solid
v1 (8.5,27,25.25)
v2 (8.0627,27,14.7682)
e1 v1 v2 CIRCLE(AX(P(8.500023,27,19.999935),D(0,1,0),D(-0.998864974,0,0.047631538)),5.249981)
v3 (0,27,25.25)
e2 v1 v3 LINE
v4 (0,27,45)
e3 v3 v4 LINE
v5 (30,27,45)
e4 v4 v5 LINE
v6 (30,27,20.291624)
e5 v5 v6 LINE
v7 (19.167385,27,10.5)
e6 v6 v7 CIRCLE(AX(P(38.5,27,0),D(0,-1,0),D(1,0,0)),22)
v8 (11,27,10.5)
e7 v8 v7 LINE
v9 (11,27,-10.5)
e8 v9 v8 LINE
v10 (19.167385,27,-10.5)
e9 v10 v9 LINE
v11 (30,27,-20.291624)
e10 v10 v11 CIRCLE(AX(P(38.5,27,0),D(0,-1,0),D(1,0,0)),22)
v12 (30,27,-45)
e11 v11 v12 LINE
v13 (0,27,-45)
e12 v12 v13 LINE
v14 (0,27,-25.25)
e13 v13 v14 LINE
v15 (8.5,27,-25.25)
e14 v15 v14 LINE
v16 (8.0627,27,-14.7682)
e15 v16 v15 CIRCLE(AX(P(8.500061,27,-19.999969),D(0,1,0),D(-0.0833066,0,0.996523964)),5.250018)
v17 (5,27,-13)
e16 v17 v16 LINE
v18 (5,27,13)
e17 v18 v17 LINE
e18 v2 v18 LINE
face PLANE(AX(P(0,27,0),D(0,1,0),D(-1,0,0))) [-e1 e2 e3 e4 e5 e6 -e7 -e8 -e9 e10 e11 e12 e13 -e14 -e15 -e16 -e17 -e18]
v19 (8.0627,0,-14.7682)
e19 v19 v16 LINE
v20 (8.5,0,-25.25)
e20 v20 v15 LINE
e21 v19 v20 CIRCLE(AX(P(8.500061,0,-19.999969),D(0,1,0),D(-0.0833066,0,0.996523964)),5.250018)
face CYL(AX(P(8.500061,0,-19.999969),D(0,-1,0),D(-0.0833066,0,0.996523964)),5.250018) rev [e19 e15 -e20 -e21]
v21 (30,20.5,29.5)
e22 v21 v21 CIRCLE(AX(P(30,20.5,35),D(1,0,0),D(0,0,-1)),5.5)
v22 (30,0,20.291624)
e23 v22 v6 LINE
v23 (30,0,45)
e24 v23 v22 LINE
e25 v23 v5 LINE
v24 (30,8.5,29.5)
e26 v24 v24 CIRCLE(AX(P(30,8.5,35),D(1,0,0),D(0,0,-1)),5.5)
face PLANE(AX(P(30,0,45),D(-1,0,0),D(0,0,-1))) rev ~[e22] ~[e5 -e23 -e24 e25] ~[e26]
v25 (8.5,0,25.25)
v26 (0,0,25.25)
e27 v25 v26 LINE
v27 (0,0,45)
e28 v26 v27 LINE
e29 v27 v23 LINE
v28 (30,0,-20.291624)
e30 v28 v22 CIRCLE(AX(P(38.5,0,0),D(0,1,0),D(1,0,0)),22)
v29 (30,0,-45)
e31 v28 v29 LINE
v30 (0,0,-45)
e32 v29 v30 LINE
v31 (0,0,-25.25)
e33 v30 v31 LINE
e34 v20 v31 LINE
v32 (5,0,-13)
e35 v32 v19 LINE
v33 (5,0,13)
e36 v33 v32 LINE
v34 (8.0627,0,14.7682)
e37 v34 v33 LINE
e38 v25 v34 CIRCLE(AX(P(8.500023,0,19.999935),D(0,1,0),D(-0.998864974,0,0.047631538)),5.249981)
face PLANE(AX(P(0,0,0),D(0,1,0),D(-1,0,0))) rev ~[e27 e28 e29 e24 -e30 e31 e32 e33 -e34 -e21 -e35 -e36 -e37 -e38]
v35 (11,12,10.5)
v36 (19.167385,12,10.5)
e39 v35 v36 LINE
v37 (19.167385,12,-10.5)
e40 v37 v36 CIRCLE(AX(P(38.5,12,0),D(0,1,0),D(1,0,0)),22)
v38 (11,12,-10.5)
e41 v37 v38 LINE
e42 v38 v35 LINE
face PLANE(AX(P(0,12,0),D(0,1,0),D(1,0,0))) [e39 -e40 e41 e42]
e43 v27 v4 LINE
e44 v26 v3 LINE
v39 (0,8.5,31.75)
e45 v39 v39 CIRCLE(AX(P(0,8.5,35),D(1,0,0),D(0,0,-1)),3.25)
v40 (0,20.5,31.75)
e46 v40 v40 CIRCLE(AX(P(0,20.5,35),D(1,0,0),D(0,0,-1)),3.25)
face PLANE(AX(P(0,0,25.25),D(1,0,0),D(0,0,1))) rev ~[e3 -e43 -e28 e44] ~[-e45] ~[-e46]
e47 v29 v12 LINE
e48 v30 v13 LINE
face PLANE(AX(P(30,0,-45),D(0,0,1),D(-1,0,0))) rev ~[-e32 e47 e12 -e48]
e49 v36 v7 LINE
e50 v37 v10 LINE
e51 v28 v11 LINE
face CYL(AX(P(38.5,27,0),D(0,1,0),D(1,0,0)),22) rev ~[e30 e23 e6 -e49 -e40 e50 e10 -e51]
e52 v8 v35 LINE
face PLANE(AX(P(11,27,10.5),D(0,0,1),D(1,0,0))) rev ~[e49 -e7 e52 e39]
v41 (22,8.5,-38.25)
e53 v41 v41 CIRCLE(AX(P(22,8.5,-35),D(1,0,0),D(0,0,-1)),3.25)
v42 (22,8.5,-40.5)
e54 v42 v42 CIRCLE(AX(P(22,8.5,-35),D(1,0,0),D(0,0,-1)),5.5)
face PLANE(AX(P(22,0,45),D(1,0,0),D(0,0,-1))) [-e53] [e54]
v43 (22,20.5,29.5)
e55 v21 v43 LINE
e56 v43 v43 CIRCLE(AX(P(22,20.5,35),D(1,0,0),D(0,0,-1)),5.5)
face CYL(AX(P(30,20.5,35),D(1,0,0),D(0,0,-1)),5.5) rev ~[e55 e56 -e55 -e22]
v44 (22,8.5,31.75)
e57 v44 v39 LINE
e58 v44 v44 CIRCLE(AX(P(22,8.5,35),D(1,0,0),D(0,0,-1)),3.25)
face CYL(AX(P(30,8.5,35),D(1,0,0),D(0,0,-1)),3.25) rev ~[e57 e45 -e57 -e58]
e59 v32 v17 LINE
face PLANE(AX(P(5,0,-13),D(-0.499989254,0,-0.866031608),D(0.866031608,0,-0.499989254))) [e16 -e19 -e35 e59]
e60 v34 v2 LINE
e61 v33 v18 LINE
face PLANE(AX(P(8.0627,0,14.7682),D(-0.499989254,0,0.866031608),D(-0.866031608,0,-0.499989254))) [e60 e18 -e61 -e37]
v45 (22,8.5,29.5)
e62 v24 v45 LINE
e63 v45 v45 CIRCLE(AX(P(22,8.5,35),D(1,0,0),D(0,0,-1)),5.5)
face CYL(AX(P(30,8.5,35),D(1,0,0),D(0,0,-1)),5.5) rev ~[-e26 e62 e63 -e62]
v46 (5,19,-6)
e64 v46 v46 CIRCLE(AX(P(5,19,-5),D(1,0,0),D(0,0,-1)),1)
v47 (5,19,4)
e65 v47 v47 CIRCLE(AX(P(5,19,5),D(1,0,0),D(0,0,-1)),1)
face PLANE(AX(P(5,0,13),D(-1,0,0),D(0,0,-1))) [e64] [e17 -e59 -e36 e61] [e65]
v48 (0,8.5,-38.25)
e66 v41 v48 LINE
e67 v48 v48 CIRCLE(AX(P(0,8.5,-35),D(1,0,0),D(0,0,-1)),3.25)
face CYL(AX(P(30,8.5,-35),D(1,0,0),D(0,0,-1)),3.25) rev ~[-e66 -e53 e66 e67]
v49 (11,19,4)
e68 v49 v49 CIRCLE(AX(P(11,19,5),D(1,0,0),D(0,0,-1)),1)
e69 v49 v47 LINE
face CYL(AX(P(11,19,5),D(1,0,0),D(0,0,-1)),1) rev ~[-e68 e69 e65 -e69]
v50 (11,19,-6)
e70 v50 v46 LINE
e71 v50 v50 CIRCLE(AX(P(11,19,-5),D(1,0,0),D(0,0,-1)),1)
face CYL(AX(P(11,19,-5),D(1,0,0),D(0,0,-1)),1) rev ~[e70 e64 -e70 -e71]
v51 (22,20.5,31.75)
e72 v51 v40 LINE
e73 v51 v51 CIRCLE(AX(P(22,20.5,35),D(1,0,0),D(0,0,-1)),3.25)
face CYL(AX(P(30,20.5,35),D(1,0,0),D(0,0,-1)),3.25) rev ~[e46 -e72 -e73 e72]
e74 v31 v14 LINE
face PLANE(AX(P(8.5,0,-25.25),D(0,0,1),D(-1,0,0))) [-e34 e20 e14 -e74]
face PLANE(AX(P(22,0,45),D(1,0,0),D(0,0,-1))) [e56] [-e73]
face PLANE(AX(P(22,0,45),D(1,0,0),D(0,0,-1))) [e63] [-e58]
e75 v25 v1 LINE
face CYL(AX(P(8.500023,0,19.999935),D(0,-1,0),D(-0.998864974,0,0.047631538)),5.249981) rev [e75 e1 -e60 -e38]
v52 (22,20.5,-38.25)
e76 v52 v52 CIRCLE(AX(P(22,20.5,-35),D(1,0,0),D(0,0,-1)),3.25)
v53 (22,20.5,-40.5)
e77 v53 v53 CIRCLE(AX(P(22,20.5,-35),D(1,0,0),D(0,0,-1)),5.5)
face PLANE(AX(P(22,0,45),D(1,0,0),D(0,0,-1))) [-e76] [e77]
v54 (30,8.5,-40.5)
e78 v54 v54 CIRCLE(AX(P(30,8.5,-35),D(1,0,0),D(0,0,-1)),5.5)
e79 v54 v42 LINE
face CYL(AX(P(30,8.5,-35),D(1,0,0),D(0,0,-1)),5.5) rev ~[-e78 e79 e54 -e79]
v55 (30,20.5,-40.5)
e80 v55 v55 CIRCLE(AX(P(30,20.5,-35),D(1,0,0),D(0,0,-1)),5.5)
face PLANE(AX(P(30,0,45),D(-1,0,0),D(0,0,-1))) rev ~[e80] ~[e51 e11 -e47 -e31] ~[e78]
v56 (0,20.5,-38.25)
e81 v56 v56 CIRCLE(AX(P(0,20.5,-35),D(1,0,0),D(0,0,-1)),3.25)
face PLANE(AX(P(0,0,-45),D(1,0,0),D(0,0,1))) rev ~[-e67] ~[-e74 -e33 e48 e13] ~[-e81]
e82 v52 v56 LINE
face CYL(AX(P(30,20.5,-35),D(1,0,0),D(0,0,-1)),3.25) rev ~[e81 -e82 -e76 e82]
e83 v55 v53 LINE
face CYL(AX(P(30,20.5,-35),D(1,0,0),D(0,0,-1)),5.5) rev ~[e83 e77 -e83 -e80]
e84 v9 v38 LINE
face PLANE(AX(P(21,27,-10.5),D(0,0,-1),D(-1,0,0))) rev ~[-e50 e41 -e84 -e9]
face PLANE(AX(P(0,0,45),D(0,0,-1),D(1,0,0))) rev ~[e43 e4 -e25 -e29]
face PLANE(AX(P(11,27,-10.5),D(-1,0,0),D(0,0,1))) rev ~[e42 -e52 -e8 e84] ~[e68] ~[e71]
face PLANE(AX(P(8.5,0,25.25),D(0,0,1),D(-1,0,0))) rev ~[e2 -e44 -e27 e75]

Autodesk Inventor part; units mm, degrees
ref_plane "YZ Plane" through (0, 0, 0) normal (1, 0, 0) x (0, 1, 0)
ref_plane "XZ Plane" through (0, 0, 0) normal (0, 1, 0) x (-1, 0, 0)
ref_plane "XY Plane" through (0, 0, 0) normal (0, 0, 1) x (1, 0, 0)
sketch "Szkic2" plane through (0, 0, 0) normal (0, 1, 0) x (-1, 0, 0)
  line L0 (-5, 13) -> (-5, -13)
  line L1 (1, -20.25) -> (1, 20.25)
  line L2 (-8.0627, 14.7682) -> (-5, 13)
  line L3 (-5, 16.0869) -> (-5, 13) construction
  arc A0 (-8.0627, 14.7682) -> (-5, 16.0869) centre (-8.5, 20) ccw construction
  line L4 (-3.256, 20.25) -> (-5, 20.25) construction
  arc A1 (-5, 16.0869) -> (-3.256, 20.25) centre (-8.5, 20) ccw construction
  line L5 (1, 20.25) -> (-3.256, 20.25)
  line L6 (-5, 20.25) -> (-5, 16.0869) construction
  line L7 (-5, -13) -> (-8.0627, -14.7682)
  line L8 (-5, -13) -> (-5, -16.0869) construction
  arc A2 (-5, -16.0869) -> (-8.0627, -14.7682) centre (-8.5, -20) ccw construction
  line L9 (-3.256, -20.25) -> (1, -20.25)
  arc A3 (-3.256, -20.25) -> (-5, -16.0869) centre (-8.5, -20) ccw construction
  line L10 (-5, -16.0869) -> (-5, -20.25) construction
  line L11 (-5, -20.25) -> (-3.256, -20.25) construction
  arc A4 (-8.0627, -14.7682) -> (-3.256, -20.25) centre (-8.5, -20) ccw
  arc A5 (-3.256, 20.25) -> (-8.0627, 14.7682) centre (-8.5, 20) ccw
  line L12 (0, 45) -> (-30, 45)
  line L13 (-30, 45) -> (-30, -45)
  line L14 (-30, -45) -> (0, -45)
  line L15 (0, -45) -> (0, 45)
  line L16 (-8.5, 25.25) -> (0, 25.25)
  line L17 (-8.5, -25.25) -> (0, -25.25)
  point P0 (0, 0)
  point P1 (0, -20.25)
  point P2 (0, 20.25)
  dimension "d0" = 10.5
  dimension "d1" = 6
  dimension "d2" = 3.5
  dimension "d3" = 120
  dimension "d4" = 120
  dimension "d5" = 26
  dimension "d6" = 40
  dimension "d8" = 7
  dimension "d9" = 0.25
  dimension "d10" = 0.25
  dimension "d12" = 9.5
  dimension "d14" = 1
  dimension "d15" = 20
  dimension "d16" = 90
  dimension "d17" = 45
  dimension "d18" = 30
extrude "Wyciągnięcie proste1" add sketch "Szkic2" along normal blind 27 contours L0 L7 A4 L17 L15 L14 L13 L12 L16 A5 L2
sketch "Szkic3" plane through (30, 0, 45) normal (1, 0, 0) x (0, 0, -1)
  circle A0 centre (10, 20.5) radius 3.25
  circle A1 centre (10, 8.5) radius 3.25
  circle A2 centre (80, 20.5) radius 3.25
  circle A3 centre (80, 8.5) radius 3.25
  line L0 (0, 0) -> (0, 27) projected
  line L1 (0, 27) -> (90, 27) projected
  line L2 (90, 0) -> (90, 27) projected
  circle A4 centre (10, 20.5) radius 5.5
  circle A5 centre (10, 8.5) radius 5.5
  circle A6 centre (80, 20.5) radius 5.5
  circle A7 centre (80, 8.5) radius 5.5
  point P0 (45, 0)
  dimension "d21" = 6.5
  dimension "d22" = 10
  dimension "d23" = 6.5
  dimension "d24" = 12
  dimension "d25" = 10
  dimension "d26" = 11
extrude "Wyciągnięcie proste2" cut sketch "Szkic3" against normal through all contours A0 | A1 | A2 | A3
extrude "Wyciągnięcie proste3" cut sketch "Szkic3" against normal blind 8 contours A1 | A2 | A3 | A4 | A5 | A6 | A7
sketch "Szkic4" plane through (0, 27, 0) normal (0, 1, 0) x (1, 0, 0)
  line L0 (30, -45) -> (30, 45) projected
  circle A0 centre (38.5, 0) radius 22
  point P0 (0, 0)
  dimension "d34" = 44
  dimension "d37" = 8.5
  dimension "d38" = 38.5
extrude "Wyciągnięcie proste4" cut sketch "Szkic4" against normal through all
sketch "Szkic8" plane through (0, 27, 0) normal (0, 1, 0) x (1, 0, 0)
  line L0 (11, -10.5) -> (21, -10.5)
  line L1 (21, -10.5) -> (21, 10.5)
  line L2 (21, 10.5) -> (11, 10.5)
  line L3 (11, 10.5) -> (11, -10.5)
  line L4 (5, 13) -> (5, -13) projected
  point P0 (0, 0)
  dimension "d58" = 21
  dimension "d59" = 6
  dimension "d60" = 10.5
  dimension "d61" = 10
extrude "Wyciągnięcie proste8" cut sketch "Szkic8" against normal blind 15
sketch "Szkic9" plane through (11, 27, 10.5) normal (1, 0, 0) x (0, 0, -1)
  circle A0 centre (5.5, -8) radius 1
  circle A1 centre (15.5, -8) radius 1
  line L0 (0, 0) -> (21, 0) projected
  line L1 (0, -15) -> (0, 0) projected
  point P0 (10.5, -27)
  dimension "d64" = 2
  dimension "d65" = 10
  dimension "d66" = 8
  dimension "d67" = 5.5
extrude "Wyciągnięcie proste9" cut sketch "Szkic9" against normal through all
equation "\"d25\" = d22"
equation "\"d60\" = 0.5 * d58"
properties part number "YCarriageFrontHolder" material "Tworzywo sztuczne ABS"
